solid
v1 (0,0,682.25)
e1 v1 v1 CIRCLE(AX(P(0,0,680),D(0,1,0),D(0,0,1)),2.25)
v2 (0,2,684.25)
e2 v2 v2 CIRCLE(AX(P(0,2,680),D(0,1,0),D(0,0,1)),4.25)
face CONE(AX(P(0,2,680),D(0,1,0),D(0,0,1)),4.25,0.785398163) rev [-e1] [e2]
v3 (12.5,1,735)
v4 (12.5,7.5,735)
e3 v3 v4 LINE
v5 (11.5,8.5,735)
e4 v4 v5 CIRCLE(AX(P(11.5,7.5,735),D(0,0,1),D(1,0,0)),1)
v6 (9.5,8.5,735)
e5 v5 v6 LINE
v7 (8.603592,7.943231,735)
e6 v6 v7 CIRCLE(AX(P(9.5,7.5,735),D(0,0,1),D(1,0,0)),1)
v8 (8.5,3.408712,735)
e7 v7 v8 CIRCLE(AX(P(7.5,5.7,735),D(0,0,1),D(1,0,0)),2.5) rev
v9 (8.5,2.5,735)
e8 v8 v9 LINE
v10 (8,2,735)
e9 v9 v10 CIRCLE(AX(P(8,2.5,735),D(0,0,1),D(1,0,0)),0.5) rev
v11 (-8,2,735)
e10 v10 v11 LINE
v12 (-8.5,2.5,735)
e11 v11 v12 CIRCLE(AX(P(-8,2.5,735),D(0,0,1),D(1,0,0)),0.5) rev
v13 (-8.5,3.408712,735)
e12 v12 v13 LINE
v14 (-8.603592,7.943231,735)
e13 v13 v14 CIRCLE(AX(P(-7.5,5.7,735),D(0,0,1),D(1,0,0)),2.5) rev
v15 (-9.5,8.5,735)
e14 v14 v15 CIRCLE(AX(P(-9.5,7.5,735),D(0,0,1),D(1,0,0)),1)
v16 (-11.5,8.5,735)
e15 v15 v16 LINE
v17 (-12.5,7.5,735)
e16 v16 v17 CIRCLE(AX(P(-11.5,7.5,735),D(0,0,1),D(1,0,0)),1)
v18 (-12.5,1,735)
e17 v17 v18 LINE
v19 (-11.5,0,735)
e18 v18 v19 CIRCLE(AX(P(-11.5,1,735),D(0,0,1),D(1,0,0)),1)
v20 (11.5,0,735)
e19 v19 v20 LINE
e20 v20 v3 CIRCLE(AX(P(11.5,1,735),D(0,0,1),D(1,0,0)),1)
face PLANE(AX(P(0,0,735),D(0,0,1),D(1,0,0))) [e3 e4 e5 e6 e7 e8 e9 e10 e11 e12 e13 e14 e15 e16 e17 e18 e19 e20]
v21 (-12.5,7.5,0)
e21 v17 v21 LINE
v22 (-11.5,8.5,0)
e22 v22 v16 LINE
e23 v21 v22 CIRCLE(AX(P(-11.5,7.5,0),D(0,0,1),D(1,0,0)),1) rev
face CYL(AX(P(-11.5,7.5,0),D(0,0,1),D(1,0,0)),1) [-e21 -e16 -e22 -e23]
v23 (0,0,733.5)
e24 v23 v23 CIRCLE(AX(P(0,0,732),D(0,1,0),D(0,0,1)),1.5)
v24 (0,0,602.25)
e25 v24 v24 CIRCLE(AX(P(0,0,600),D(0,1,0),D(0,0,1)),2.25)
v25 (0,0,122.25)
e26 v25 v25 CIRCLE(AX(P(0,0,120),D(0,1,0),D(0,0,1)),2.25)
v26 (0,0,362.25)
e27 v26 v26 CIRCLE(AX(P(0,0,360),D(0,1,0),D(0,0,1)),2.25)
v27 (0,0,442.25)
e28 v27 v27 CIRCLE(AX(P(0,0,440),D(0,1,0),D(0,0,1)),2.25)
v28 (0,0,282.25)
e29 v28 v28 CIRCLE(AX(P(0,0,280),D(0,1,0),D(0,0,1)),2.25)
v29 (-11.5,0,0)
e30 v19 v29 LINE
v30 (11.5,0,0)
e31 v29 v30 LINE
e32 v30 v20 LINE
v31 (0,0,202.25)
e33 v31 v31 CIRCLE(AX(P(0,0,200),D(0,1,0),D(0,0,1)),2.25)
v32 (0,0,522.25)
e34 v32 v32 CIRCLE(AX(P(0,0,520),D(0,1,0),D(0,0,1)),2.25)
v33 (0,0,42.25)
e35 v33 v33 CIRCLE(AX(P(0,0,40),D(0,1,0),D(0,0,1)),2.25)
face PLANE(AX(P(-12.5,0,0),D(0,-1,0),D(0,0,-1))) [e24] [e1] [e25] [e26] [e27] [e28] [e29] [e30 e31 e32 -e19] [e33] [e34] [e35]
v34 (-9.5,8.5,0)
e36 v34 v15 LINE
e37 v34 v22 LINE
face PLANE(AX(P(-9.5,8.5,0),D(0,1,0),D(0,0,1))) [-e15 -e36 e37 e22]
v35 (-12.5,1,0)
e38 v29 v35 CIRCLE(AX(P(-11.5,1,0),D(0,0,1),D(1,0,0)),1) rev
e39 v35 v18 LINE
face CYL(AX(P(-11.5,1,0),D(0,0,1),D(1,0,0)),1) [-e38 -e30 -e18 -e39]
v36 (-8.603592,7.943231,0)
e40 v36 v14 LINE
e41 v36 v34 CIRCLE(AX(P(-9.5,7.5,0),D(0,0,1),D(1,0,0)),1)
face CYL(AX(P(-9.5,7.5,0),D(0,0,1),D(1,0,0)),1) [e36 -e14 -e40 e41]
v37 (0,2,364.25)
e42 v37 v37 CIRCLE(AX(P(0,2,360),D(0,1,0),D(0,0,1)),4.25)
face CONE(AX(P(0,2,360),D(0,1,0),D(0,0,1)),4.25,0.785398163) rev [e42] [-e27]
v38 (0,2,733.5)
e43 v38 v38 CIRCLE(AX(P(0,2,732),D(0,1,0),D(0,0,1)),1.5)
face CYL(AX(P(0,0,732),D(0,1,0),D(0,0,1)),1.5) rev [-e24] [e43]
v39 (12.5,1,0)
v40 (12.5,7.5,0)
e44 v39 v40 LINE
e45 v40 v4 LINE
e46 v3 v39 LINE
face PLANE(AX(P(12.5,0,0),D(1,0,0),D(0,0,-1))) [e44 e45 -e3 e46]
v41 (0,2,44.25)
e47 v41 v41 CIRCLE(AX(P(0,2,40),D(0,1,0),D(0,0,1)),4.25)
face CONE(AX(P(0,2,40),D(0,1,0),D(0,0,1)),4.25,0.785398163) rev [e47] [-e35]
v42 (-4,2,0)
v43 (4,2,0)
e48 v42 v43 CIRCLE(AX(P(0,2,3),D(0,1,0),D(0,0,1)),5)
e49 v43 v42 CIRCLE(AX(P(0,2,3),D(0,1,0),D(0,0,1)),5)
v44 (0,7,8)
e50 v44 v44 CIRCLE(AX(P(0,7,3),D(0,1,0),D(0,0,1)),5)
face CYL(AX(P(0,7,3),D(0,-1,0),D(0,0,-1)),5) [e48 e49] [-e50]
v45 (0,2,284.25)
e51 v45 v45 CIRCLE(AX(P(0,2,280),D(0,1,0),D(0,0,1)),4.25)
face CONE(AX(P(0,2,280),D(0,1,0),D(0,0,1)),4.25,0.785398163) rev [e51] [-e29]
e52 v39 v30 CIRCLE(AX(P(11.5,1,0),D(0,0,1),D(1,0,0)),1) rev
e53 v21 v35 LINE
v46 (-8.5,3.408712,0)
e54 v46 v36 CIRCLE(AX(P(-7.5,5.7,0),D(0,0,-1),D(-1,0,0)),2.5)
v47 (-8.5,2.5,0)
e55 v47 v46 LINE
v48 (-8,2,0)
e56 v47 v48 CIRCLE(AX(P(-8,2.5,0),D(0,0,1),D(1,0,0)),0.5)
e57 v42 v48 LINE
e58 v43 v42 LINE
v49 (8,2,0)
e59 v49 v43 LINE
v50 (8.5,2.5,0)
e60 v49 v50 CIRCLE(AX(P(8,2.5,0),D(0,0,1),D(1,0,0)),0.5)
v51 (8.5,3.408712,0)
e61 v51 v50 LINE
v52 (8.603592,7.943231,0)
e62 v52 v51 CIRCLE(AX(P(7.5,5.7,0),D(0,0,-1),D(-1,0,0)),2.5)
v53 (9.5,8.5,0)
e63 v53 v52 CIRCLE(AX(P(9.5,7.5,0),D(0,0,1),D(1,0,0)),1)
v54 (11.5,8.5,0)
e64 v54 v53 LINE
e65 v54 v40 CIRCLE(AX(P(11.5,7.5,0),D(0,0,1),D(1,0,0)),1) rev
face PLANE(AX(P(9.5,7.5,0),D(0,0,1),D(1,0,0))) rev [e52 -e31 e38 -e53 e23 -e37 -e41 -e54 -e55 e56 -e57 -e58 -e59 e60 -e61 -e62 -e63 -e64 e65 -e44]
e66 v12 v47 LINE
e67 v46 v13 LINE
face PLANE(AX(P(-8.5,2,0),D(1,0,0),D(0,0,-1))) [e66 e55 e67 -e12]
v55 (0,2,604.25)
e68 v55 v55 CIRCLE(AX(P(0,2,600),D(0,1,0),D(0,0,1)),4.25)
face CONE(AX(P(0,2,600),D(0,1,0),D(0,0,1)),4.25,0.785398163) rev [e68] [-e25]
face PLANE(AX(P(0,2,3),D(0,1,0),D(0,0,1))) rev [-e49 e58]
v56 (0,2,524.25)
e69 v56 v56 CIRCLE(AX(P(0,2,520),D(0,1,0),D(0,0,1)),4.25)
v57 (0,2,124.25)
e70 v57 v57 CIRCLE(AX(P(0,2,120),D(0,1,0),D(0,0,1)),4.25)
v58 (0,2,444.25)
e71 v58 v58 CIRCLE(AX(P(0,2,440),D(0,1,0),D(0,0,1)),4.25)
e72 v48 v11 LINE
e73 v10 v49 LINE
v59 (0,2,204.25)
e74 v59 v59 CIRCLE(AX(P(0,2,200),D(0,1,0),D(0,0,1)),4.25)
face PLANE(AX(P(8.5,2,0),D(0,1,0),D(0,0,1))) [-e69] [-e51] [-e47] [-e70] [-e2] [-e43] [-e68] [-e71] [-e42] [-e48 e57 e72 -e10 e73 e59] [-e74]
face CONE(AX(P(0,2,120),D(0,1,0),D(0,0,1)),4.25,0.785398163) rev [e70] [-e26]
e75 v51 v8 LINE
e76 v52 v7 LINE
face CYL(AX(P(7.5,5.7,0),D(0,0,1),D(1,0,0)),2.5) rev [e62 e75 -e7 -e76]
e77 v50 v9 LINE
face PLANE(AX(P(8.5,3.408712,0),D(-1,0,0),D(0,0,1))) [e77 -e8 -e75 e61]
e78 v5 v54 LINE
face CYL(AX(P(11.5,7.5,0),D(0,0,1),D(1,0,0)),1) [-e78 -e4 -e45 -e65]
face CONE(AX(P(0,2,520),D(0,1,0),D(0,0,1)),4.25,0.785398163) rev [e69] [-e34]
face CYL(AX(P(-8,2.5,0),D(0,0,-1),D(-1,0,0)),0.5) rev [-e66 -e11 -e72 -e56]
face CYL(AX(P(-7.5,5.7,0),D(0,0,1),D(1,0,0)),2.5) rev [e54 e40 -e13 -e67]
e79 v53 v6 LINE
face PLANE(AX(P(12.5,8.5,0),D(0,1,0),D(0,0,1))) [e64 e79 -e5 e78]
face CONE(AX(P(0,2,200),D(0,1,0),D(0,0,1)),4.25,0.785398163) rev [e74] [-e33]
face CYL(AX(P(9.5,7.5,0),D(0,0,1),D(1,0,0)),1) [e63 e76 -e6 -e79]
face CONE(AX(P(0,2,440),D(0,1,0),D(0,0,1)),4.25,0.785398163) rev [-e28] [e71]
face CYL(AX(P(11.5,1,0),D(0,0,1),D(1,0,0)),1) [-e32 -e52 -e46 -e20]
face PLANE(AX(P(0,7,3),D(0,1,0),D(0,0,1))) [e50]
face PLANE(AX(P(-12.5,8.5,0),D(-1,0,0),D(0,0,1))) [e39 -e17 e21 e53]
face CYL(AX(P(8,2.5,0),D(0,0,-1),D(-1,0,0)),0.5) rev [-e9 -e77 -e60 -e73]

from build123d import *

# Parameters (mm, degrees)
EXTRUDE_1_DEPTH          = 720
SKETCH_3_R               = 5
EXTRUDE_3_DEPTH          = 5
HOLE_WIZARD_1_AT_2_COUNT = 2
HOLE_WIZARD_1_AT_2_PITCH = 640
HOLE_WIZARD_1_AT_3_COUNT = 2
HOLE_WIZARD_1_AT_3_PITCH = 560
HOLE_WIZARD_1_AT_4_COUNT = 2
HOLE_WIZARD_1_AT_4_PITCH = 480
HOLE_WIZARD_1_AT_5_COUNT = 2
HOLE_WIZARD_1_AT_5_PITCH = 400
HOLE_WIZARD_1_AT_6_COUNT = 2
HOLE_WIZARD_1_AT_6_PITCH = 320
HOLE_WIZARD_1_AT_7_COUNT = 2
HOLE_WIZARD_1_AT_7_PITCH = 240
HOLE_WIZARD_1_AT_8_COUNT = 2
HOLE_WIZARD_1_AT_8_PITCH = 160
HOLE_WIZARD_1_AT_9_COUNT = 2
HOLE_WIZARD_1_AT_9_PITCH = 80
FILLET_1_R               = 0.5
FILLET_2_R               = 1
EXTRUDE_4_DEPTH          = 15
SKETCH_7_R               = 1.5
CUT_EXTRUDE_1_DEPTH      = 736.135021612


with BuildPart() as part:
    # ｽｹｯﾁ1 → ﾎﾞｽ - 押し出し1 (new body)
    with BuildSketch(Plane.XY.offset(720)):
        with BuildLine():
            Line((8.5, 3.408712153), (8.5, 2))
            Line((8.5, 2), (-8.5, 2))
            Line((-8.5, 2), (-8.5, 3.408712153))
            ThreePointArc((-8.5, 3.408712153), (-9.999347871, 5.642901666), (-8.603592403, 7.943230663))
            ThreePointArc((-8.603592403, 7.943230663), (-8.97237829, 8.349479447), (-9.5, 8.5))
            Line((-9.5, 8.5), (-12.5, 8.5))
            Line((-12.5, 8.5), (-12.5, 0))
            Line((-12.5, 0), (12.5, 0))
            Line((12.5, 0), (12.5, 8.5))
            Line((12.5, 8.5), (9.5, 8.5))
            ThreePointArc((9.5, 8.5), (8.97237829, 8.349479447), (8.603592403, 7.943230663))
            ThreePointArc((8.603592403, 7.943230663), (9.999347871, 5.642901666), (8.5, 3.408712153))
        make_face()
    extrude(amount=-EXTRUDE_1_DEPTH)

    # ｽｹｯﾁ3 → ﾎﾞｽ - 押し出し3 (add)
    with BuildSketch(Plane(origin=(0, 2, 0), x_dir=(-1, 0, 0), z_dir=(0, 1, 0))):
        with Locations(Location((0, 3, 0), (0, 0, 323.130102354))):
            Circle(SKETCH_3_R)
    extrude(amount=EXTRUDE_3_DEPTH)

    # ｽｹｯﾁ4 → 穴1 (revolve, cut)
    with BuildSketch(Plane(origin=(0, 2, 40), x_dir=(0, 0, 1), z_dir=(1, 0, 0))):
        Polygon((0, 0), (0, 2), (2.25, 2), (4.25, 0), align=None)
    hole_wizard_1 = revolve(axis=Axis((0, -108, 40), (0, 1, 0)), mode=Mode.SUBTRACT)

    # 穴1 at 2: 穴1 ×2
    with Locations(*[(0, 0, i * HOLE_WIZARD_1_AT_2_PITCH) for i in range(1, HOLE_WIZARD_1_AT_2_COUNT)]):
        add(hole_wizard_1, mode=Mode.SUBTRACT)

    # 穴1 at 3: 穴1 ×2
    with Locations(*[(0, 0, i * HOLE_WIZARD_1_AT_3_PITCH) for i in range(1, HOLE_WIZARD_1_AT_3_COUNT)]):
        add(hole_wizard_1, mode=Mode.SUBTRACT)

    # 穴1 at 4: 穴1 ×2
    with Locations(*[(0, 0, i * HOLE_WIZARD_1_AT_4_PITCH) for i in range(1, HOLE_WIZARD_1_AT_4_COUNT)]):
        add(hole_wizard_1, mode=Mode.SUBTRACT)

    # 穴1 at 5: 穴1 ×2
    with Locations(*[(0, 0, i * HOLE_WIZARD_1_AT_5_PITCH) for i in range(1, HOLE_WIZARD_1_AT_5_COUNT)]):
        add(hole_wizard_1, mode=Mode.SUBTRACT)

    # 穴1 at 6: 穴1 ×2
    with Locations(*[(0, 0, i * HOLE_WIZARD_1_AT_6_PITCH) for i in range(1, HOLE_WIZARD_1_AT_6_COUNT)]):
        add(hole_wizard_1, mode=Mode.SUBTRACT)

    # 穴1 at 7: 穴1 ×2
    with Locations(*[(0, 0, i * HOLE_WIZARD_1_AT_7_PITCH) for i in range(1, HOLE_WIZARD_1_AT_7_COUNT)]):
        add(hole_wizard_1, mode=Mode.SUBTRACT)

    # 穴1 at 8: 穴1 ×2
    with Locations(*[(0, 0, i * HOLE_WIZARD_1_AT_8_PITCH) for i in range(1, HOLE_WIZARD_1_AT_8_COUNT)]):
        add(hole_wizard_1, mode=Mode.SUBTRACT)

    # 穴1 at 9: 穴1 ×2
    with Locations(*[(0, 0, i * HOLE_WIZARD_1_AT_9_PITCH) for i in range(1, HOLE_WIZARD_1_AT_9_COUNT)]):
        add(hole_wizard_1, mode=Mode.SUBTRACT)

    # ﾌｨﾚｯﾄ1
    fillet_1_edges = [part.edges().sort_by_distance(p)[0] for p in [
        (-8.5, 2, 360),
        (8.5, 2, 360),
    ]]
    fillet(fillet_1_edges, radius=FILLET_1_R)

    # ﾌｨﾚｯﾄ2
    fillet_2_edges = [part.edges().sort_by_distance(p)[0] for p in [
        (12.5, 8.5, 360),
        (12.5, 0, 360),
        (-12.5, 0, 360),
        (-12.5, 8.5, 360),
    ]]
    fillet(fillet_2_edges, radius=FILLET_2_R)

    # ｽｹｯﾁ6 → ﾎﾞｽ - 押し出し4 (add)
    with BuildSketch(Plane.XY.offset(720)):
        with BuildLine():
            ThreePointArc((-12.5, 1), (-12.207106781, 0.292893219), (-11.5, 0))
            Line((-11.5, 0), (11.5, 0))
            ThreePointArc((11.5, 0), (12.207106781, 0.292893219), (12.5, 1))
            Line((12.5, 1), (12.5, 7.5))
            ThreePointArc((12.5, 7.5), (12.207106781, 8.207106781), (11.5, 8.5))
            Line((11.5, 8.5), (9.5, 8.5))
            ThreePointArc((9.5, 8.5), (8.97237829, 8.349479447), (8.603592403, 7.943230663))
            ThreePointArc((8.603592403, 7.943230663), (9.999347871, 5.642901666), (8.5, 3.408712153))
            Line((8.5, 3.408712153), (8.5, 2.5))
            ThreePointArc((8.5, 2.5), (8.353553391, 2.146446609), (8, 2))
            Line((8, 2), (-8, 2))
            ThreePointArc((-8, 2), (-8.353553391, 2.146446609), (-8.5, 2.5))
            Line((-8.5, 2.5), (-8.5, 3.408712153))
            ThreePointArc((-8.5, 3.408712153), (-9.999347871, 5.642901666), (-8.603592403, 7.943230663))
            ThreePointArc((-8.603592403, 7.943230663), (-8.97237829, 8.349479447), (-9.5, 8.5))
            Line((-9.5, 8.5), (-11.5, 8.5))
            ThreePointArc((-11.5, 8.5), (-12.207106781, 8.207106781), (-12.5, 7.5))
            Line((-12.5, 7.5), (-12.5, 1))
        make_face()
    extrude(amount=EXTRUDE_4_DEPTH)

    # ｽｹｯﾁ7 → ｶｯﾄ - 押し出し1 (cut, through all)
    with BuildSketch(Plane(origin=(0, 2, 0), x_dir=(1, 0, 0), z_dir=(0, 1, 0))):
        with Locations(Location((0, -732, 0), (0, 0, 270))):
            Circle(SKETCH_7_R)
    extrude(amount=-CUT_EXTRUDE_1_DEPTH, mode=Mode.SUBTRACT)


solid = part.part
